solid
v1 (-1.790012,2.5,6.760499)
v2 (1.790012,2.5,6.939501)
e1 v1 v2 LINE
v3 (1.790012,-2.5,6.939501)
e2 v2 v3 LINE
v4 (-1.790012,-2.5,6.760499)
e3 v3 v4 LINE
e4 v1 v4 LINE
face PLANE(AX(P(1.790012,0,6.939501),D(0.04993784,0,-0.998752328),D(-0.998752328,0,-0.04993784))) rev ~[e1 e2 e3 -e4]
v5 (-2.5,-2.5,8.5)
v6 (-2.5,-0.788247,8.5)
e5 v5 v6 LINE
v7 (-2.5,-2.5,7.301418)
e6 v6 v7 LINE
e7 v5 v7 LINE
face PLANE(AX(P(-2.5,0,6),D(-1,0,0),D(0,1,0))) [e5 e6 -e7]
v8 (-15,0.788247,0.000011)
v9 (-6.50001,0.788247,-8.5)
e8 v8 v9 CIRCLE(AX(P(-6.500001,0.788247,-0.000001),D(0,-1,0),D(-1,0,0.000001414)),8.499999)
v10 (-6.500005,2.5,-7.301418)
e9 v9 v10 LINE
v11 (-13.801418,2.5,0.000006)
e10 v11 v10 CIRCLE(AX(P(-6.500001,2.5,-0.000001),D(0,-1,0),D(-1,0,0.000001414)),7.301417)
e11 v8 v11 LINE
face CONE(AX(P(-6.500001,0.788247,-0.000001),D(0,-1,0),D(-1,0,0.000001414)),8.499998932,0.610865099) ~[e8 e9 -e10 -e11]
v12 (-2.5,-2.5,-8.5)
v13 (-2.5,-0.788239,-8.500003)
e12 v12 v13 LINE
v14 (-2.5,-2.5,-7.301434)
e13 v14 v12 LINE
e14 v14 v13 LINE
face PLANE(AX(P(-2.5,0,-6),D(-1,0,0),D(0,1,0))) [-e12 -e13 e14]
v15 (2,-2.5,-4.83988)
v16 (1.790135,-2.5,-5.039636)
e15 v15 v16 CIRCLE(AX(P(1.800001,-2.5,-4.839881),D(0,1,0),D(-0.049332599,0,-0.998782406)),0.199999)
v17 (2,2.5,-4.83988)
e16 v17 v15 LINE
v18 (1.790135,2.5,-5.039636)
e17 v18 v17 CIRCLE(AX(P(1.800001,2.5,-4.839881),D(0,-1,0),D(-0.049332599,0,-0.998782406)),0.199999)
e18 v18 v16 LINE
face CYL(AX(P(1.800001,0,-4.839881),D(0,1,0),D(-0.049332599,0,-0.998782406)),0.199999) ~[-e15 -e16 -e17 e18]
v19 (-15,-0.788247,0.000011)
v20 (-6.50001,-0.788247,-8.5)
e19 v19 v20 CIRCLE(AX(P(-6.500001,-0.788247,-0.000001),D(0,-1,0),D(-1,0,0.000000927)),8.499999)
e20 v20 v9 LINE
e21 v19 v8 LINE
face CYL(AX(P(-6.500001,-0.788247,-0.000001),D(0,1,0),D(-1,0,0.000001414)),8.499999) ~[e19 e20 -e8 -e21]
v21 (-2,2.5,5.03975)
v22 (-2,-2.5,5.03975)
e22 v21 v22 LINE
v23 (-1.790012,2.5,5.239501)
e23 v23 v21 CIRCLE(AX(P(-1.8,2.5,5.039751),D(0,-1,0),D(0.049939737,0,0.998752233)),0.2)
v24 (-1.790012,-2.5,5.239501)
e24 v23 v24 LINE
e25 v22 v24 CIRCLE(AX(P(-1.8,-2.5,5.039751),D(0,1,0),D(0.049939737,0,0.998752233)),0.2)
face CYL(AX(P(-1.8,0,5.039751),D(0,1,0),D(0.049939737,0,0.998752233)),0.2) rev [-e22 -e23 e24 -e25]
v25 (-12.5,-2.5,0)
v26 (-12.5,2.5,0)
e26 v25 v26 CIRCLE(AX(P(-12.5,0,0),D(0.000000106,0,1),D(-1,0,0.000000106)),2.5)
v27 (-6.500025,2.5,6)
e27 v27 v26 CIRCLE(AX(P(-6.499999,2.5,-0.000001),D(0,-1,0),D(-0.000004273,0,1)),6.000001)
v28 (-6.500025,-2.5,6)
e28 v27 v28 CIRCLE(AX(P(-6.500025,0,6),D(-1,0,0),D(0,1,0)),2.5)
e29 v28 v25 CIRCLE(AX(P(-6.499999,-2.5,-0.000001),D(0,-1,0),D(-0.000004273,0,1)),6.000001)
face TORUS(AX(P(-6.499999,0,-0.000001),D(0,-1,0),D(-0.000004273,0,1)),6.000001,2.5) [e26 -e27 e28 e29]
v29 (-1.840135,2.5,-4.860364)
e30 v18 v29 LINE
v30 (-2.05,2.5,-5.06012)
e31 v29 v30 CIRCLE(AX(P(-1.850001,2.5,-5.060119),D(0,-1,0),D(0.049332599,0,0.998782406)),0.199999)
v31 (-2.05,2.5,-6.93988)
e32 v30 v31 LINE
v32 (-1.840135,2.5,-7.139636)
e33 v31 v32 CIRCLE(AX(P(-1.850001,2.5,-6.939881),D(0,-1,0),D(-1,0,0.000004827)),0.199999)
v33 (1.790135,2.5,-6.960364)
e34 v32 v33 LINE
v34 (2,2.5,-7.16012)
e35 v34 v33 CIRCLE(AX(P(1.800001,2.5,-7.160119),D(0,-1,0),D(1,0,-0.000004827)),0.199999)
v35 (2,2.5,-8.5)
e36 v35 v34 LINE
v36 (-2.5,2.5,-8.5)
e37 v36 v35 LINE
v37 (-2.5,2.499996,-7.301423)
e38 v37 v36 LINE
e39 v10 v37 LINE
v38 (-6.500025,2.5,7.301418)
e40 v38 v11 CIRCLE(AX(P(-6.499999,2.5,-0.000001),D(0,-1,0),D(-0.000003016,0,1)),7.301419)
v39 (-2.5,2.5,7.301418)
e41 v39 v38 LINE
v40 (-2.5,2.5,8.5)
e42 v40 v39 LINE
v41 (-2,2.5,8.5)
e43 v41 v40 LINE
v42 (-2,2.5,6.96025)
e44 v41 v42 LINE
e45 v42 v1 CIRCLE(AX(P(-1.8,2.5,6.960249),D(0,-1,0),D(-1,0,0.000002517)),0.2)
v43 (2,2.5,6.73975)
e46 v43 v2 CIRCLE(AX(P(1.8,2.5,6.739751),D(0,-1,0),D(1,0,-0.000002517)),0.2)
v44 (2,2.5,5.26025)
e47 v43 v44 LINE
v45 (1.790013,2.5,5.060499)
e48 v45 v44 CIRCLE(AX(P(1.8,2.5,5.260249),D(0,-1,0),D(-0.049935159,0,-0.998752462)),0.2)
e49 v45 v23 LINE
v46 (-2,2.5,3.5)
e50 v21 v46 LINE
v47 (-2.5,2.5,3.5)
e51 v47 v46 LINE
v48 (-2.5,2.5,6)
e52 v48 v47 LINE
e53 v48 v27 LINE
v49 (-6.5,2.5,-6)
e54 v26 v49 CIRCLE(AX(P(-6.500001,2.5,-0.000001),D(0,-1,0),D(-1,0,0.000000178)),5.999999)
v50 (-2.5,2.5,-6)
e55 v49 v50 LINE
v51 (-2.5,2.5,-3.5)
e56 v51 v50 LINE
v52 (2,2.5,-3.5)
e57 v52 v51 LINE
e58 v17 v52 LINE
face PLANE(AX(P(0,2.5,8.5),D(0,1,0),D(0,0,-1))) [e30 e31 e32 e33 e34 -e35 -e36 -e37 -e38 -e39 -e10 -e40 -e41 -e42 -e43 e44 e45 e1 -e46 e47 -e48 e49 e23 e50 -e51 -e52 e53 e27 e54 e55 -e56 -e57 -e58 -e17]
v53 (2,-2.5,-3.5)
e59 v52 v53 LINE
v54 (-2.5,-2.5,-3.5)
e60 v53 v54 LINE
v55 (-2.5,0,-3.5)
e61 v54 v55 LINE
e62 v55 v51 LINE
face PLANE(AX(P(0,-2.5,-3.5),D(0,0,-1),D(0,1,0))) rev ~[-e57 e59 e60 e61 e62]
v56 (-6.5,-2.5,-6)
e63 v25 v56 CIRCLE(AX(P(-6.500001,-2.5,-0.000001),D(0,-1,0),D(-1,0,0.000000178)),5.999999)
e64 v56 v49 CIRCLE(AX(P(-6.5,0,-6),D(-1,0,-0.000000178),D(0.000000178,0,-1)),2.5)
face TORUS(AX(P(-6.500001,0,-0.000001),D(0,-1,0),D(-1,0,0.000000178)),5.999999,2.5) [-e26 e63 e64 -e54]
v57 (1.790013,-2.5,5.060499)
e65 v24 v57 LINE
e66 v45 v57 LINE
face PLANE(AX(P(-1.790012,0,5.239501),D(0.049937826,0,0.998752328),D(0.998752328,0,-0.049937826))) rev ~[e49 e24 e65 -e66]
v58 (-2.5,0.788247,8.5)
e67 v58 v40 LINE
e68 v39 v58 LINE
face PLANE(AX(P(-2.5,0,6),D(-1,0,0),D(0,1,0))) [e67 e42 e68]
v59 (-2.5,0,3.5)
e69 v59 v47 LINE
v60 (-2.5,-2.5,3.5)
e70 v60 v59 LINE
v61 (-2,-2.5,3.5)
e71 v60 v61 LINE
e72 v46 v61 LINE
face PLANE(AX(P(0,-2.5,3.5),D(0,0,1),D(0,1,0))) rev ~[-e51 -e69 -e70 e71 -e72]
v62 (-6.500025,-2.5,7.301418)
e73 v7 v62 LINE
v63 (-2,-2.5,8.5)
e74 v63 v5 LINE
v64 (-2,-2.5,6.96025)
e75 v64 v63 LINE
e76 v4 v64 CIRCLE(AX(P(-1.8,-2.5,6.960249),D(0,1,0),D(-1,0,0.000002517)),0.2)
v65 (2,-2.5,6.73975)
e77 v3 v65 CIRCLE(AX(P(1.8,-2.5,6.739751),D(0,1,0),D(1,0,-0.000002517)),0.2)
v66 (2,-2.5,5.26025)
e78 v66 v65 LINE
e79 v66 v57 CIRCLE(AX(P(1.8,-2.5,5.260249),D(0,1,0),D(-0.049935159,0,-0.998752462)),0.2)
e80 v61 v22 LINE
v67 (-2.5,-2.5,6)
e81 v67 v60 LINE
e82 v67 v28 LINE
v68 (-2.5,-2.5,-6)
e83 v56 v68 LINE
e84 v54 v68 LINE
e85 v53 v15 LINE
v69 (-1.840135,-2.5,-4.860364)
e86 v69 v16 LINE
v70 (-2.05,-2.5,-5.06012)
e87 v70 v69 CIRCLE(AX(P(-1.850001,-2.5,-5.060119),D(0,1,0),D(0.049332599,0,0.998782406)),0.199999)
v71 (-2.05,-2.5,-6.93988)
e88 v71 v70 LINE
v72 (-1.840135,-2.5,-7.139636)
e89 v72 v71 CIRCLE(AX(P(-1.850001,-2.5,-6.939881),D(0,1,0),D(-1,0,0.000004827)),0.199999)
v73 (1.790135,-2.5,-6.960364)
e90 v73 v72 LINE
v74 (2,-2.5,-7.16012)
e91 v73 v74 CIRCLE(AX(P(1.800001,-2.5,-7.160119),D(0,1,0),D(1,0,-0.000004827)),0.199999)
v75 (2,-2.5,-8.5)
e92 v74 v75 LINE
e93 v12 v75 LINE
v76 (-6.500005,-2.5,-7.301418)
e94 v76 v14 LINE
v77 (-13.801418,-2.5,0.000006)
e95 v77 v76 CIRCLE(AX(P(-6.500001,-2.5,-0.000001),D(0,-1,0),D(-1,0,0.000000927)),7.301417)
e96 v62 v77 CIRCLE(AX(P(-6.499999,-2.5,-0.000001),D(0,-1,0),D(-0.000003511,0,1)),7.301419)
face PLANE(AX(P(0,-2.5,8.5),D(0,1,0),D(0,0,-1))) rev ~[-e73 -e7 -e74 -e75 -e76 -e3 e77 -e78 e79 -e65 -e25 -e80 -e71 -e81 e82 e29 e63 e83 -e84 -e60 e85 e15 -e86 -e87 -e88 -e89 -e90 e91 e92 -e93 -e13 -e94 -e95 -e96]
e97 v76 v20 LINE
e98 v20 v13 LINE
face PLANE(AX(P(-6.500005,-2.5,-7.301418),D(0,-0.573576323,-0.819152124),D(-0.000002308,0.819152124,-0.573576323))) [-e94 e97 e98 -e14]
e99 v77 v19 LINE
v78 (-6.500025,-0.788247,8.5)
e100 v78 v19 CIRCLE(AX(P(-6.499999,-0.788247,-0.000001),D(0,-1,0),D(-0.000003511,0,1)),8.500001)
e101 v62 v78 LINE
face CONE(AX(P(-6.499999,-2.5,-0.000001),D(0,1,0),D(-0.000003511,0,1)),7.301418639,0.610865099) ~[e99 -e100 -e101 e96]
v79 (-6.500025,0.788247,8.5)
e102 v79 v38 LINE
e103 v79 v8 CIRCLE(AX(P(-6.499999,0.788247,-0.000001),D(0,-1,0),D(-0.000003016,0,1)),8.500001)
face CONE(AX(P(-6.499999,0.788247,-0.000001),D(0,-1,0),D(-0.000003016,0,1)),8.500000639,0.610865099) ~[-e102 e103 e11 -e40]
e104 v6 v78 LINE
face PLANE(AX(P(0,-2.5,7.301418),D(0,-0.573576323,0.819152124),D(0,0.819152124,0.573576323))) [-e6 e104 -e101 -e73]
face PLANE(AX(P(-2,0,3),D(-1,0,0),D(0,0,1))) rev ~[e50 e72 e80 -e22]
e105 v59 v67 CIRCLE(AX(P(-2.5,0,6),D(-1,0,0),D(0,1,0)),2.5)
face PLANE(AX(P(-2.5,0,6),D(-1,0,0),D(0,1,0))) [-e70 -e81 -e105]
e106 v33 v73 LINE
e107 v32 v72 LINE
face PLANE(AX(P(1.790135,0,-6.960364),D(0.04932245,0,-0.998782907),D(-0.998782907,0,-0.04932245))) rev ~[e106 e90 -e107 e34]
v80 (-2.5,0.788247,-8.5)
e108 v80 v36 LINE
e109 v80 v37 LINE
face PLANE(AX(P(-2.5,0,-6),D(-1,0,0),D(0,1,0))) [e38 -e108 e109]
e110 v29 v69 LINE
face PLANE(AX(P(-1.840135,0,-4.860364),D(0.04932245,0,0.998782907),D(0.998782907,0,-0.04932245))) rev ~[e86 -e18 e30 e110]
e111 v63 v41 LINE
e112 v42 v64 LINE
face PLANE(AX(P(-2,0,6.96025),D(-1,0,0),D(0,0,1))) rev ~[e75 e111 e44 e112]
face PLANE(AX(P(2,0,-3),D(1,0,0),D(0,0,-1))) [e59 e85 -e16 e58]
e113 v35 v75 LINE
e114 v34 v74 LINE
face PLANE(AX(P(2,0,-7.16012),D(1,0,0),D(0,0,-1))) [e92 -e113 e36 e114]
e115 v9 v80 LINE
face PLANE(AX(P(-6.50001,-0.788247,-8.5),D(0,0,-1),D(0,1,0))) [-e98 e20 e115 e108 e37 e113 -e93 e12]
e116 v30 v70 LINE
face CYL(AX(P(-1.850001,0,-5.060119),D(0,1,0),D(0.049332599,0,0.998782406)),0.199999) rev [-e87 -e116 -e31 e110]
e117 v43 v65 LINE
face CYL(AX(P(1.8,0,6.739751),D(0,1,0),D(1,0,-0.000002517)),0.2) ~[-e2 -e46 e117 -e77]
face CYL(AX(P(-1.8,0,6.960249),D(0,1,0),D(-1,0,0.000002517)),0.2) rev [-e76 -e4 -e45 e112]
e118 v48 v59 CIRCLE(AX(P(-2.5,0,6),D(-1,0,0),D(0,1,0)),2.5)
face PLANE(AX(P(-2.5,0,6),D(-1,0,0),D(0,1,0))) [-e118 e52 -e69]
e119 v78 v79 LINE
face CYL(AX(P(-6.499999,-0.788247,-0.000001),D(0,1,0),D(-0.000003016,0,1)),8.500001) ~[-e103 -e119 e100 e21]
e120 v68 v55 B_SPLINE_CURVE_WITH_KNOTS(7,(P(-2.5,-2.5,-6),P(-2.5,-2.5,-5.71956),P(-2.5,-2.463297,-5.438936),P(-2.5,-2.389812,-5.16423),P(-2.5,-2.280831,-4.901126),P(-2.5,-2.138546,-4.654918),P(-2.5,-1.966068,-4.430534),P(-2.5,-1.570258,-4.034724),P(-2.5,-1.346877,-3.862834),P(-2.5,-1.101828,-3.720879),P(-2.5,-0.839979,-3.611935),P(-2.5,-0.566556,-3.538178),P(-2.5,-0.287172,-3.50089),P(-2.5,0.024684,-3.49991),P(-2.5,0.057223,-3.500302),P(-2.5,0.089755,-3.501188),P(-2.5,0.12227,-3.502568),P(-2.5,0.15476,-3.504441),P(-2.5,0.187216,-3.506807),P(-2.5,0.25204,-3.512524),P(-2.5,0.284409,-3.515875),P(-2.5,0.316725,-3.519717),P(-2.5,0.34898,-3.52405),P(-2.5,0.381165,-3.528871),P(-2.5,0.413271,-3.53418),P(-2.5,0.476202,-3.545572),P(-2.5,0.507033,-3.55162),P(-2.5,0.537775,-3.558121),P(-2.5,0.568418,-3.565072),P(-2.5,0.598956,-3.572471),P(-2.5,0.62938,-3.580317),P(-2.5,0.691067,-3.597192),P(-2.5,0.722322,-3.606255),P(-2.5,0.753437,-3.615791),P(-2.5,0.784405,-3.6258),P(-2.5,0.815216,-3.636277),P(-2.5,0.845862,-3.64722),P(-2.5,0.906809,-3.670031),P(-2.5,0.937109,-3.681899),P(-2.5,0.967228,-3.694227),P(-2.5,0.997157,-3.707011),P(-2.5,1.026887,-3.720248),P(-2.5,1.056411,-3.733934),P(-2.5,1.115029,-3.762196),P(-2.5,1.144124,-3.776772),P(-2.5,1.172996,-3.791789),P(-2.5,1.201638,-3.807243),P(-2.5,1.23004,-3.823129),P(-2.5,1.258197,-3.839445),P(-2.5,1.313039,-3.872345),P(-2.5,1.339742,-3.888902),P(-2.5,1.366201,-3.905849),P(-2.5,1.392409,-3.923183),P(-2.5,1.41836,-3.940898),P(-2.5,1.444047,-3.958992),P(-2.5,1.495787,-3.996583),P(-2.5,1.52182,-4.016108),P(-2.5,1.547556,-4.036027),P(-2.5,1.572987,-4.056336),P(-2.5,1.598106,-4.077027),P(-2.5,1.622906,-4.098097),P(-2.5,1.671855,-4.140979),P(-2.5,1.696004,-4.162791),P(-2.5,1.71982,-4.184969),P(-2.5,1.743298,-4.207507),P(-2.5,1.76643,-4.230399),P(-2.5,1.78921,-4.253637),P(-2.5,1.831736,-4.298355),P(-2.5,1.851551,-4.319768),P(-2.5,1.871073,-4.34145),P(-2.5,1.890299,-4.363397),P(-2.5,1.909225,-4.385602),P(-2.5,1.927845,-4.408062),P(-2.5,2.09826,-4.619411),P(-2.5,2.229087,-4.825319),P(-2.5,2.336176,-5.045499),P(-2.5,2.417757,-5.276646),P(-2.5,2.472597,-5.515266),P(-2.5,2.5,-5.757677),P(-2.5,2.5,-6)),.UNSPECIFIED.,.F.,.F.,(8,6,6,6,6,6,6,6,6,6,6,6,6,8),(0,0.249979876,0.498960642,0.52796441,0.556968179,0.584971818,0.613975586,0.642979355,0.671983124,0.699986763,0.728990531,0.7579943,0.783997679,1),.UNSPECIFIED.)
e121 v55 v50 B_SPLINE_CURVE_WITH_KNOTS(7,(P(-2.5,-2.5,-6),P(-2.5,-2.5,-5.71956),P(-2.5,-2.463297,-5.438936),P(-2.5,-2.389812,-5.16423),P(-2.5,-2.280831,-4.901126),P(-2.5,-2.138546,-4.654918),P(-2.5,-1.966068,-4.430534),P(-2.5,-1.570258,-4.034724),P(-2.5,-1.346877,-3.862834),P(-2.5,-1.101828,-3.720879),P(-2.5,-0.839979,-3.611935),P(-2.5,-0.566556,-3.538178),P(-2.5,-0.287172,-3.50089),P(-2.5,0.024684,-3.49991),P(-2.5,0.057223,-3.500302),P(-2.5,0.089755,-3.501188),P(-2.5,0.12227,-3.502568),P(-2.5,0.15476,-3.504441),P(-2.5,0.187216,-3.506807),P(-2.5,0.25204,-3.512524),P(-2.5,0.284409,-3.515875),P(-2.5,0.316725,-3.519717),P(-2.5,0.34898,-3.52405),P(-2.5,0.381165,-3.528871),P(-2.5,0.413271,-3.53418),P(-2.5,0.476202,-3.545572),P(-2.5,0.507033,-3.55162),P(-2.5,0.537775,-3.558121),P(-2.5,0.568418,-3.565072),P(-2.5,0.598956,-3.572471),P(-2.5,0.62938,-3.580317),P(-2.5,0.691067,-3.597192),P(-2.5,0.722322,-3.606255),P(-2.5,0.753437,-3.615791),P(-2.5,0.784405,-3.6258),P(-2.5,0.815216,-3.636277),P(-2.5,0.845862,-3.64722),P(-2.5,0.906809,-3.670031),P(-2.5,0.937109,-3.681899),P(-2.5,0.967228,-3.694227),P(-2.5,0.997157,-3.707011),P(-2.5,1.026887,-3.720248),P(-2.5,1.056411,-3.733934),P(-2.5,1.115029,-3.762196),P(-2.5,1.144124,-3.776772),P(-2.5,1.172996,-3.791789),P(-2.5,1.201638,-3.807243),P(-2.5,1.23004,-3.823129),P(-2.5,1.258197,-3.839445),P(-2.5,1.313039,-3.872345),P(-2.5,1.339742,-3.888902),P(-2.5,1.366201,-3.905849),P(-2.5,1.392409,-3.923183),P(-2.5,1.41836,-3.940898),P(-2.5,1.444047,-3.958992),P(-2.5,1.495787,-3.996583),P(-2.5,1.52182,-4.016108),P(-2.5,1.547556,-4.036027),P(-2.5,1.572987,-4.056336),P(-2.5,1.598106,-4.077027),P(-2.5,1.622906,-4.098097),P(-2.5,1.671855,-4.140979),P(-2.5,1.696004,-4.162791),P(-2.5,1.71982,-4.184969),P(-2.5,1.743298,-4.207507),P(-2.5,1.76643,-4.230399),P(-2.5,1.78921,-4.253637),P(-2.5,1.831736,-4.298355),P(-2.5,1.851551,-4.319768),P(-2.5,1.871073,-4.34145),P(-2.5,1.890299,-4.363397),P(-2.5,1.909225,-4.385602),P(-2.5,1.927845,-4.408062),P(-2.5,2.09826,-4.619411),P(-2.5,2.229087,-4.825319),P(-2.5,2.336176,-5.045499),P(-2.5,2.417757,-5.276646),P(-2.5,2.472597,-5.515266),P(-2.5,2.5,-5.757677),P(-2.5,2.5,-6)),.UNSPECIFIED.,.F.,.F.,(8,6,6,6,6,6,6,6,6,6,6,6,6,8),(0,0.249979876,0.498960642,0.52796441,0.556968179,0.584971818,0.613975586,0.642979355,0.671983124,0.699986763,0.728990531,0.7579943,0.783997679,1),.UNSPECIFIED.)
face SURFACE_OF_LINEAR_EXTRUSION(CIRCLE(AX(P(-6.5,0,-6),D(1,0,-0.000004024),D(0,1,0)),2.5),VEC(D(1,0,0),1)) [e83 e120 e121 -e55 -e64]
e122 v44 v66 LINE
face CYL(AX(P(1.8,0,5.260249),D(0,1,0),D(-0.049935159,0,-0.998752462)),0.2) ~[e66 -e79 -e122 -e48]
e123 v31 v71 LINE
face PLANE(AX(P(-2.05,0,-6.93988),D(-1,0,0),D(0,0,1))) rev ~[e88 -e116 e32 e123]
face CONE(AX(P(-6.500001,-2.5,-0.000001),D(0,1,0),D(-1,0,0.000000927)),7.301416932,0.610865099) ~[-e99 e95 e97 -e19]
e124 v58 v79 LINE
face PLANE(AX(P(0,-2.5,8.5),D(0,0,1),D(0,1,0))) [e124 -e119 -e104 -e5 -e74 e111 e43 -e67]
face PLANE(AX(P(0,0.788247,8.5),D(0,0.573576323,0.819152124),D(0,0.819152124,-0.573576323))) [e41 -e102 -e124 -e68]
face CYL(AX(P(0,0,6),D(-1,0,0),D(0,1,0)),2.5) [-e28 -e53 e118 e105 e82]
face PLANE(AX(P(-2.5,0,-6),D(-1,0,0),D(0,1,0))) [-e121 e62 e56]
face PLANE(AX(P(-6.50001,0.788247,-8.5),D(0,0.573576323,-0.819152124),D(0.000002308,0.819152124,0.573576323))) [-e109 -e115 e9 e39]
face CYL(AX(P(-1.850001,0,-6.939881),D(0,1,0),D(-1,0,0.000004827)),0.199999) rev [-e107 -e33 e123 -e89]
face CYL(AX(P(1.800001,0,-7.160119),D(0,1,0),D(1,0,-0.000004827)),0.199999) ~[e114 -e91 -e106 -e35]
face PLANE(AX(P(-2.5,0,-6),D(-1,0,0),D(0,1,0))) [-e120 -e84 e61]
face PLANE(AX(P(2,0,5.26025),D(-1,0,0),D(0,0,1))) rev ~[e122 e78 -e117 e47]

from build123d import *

# Parameters (mm, degrees)
SKETCH005_W             = 5
SKETCH005_H             = 5
PAD_DEPTH               = 2.5
POCKET_DEPTH            = 2.501
POCKET_DEPTH_BACK       = 2.501
BODY002_PLACEMENT_ANGLE = 180


with BuildPart() as part:
    # AdditivePipe001: sweep along a path in Sketch002
    with BuildLine(Plane.XZ) as additivepipe001_path:
        Line((0, -6), (6.500025, -6))
        ThreePointArc((6.500025, -6), (10.742649, -4.242632), (12.5, 0))
        ThreePointArc((12.5, 0), (10.742641, 4.242641), (6.5, 6))
        Line((6.5, 6), (-2.5e-05, 6))
    # Sketch003 → AdditivePipe001 (sweep)
    with BuildSketch(Plane.YZ):
        with BuildLine():
            ThreePointArc((2.5, -6), (0, -3.5), (-2.5, -6))
            Line((-2.5, -6), (-2.5, -7.301418))
            Line((-2.5, -7.301418), (-0.788247, -8.5))
            Line((-0.788247, -8.5), (0.788247, -8.5))
            Line((0.788247, -8.5), (2.5, -7.301418))
            Line((2.5, -7.301418), (2.5, -6))
        make_face()
    sweep(path=additivepipe001_path.line)

    # Sketch005 → Pad (new body, symmetric)
    with BuildSketch(Plane.YZ):
        with Locations((0, 6)):
            Rectangle(SKETCH005_W, SKETCH005_H)
        with Locations((0, -6)):
            Rectangle(SKETCH005_W, SKETCH005_H)
    extrude(amount=PAD_DEPTH, both=True)

    # Sketch004 → Pocket (cut, two sides)
    with BuildSketch(Plane.XZ) as pocket_sk:
        with BuildLine():
            Line((-1.790135, 6.960364), (1.840135, 7.139636))
            ThreePointArc((2.05, 6.93988), (1.98789, 7.084747), (1.840135, 7.139636))
            Line((2.05, 6.93988), (2.05, 5.06012))
            ThreePointArc((1.840135, 4.860364), (1.98789, 4.915253), (2.05, 5.06012))
            Line((1.840135, 4.860364), (-1.790135, 5.039636))
            ThreePointArc((-1.790135, 5.039636), (-1.93789, 4.984747), (-2, 4.83988))
            Line((-2, 3), (-2, 4.83988))
            Line((-2.5, 3), (-2, 3))
            Line((-2.5, 9), (-2.5, 3))
            Line((-2, 9), (-2.5, 9))
            Line((-2, 7.16012), (-2, 9))
            ThreePointArc((-2, 7.16012), (-1.93789, 7.015253), (-1.790135, 6.960364))
        make_face()
        with BuildLine():
            Line((1.790012, -5.239501), (-1.790013, -5.060499))
            ThreePointArc((-1.790013, -5.060499), (-1.937845, -5.11534), (-2, -5.26025))
            Line((-2, -5.26025), (-2, -6.73975))
            ThreePointArc((-2, -6.73975), (-1.937845, -6.88466), (-1.790012, -6.939501))
            Line((-1.790012, -6.939501), (1.790012, -6.760499))
            ThreePointArc((2, -6.96025), (1.937845, -6.81534), (1.790012, -6.760499))
            Line((2, -6.96025), (2, -9))
            Line((2, -9), (-3, -9))
            Line((-3, -9), (-3, -3))
            Line((-3, -3), (2, -3))
            Line((2, -3), (2, -5.03975))
            ThreePointArc((1.790012, -5.239501), (1.937845, -5.18466), (2, -5.03975))
        make_face()
    extrude(amount=-POCKET_DEPTH, mode=Mode.SUBTRACT)
    extrude(pocket_sk.sketch, amount=POCKET_DEPTH_BACK, mode=Mode.SUBTRACT)


with BuildPart() as part_1:
    # Body002 placement: moved
    add(part.part.rotate(Axis((0, 0, 0), (0, 1, 0)), BODY002_PLACEMENT_ANGLE))


solid = part_1.part
